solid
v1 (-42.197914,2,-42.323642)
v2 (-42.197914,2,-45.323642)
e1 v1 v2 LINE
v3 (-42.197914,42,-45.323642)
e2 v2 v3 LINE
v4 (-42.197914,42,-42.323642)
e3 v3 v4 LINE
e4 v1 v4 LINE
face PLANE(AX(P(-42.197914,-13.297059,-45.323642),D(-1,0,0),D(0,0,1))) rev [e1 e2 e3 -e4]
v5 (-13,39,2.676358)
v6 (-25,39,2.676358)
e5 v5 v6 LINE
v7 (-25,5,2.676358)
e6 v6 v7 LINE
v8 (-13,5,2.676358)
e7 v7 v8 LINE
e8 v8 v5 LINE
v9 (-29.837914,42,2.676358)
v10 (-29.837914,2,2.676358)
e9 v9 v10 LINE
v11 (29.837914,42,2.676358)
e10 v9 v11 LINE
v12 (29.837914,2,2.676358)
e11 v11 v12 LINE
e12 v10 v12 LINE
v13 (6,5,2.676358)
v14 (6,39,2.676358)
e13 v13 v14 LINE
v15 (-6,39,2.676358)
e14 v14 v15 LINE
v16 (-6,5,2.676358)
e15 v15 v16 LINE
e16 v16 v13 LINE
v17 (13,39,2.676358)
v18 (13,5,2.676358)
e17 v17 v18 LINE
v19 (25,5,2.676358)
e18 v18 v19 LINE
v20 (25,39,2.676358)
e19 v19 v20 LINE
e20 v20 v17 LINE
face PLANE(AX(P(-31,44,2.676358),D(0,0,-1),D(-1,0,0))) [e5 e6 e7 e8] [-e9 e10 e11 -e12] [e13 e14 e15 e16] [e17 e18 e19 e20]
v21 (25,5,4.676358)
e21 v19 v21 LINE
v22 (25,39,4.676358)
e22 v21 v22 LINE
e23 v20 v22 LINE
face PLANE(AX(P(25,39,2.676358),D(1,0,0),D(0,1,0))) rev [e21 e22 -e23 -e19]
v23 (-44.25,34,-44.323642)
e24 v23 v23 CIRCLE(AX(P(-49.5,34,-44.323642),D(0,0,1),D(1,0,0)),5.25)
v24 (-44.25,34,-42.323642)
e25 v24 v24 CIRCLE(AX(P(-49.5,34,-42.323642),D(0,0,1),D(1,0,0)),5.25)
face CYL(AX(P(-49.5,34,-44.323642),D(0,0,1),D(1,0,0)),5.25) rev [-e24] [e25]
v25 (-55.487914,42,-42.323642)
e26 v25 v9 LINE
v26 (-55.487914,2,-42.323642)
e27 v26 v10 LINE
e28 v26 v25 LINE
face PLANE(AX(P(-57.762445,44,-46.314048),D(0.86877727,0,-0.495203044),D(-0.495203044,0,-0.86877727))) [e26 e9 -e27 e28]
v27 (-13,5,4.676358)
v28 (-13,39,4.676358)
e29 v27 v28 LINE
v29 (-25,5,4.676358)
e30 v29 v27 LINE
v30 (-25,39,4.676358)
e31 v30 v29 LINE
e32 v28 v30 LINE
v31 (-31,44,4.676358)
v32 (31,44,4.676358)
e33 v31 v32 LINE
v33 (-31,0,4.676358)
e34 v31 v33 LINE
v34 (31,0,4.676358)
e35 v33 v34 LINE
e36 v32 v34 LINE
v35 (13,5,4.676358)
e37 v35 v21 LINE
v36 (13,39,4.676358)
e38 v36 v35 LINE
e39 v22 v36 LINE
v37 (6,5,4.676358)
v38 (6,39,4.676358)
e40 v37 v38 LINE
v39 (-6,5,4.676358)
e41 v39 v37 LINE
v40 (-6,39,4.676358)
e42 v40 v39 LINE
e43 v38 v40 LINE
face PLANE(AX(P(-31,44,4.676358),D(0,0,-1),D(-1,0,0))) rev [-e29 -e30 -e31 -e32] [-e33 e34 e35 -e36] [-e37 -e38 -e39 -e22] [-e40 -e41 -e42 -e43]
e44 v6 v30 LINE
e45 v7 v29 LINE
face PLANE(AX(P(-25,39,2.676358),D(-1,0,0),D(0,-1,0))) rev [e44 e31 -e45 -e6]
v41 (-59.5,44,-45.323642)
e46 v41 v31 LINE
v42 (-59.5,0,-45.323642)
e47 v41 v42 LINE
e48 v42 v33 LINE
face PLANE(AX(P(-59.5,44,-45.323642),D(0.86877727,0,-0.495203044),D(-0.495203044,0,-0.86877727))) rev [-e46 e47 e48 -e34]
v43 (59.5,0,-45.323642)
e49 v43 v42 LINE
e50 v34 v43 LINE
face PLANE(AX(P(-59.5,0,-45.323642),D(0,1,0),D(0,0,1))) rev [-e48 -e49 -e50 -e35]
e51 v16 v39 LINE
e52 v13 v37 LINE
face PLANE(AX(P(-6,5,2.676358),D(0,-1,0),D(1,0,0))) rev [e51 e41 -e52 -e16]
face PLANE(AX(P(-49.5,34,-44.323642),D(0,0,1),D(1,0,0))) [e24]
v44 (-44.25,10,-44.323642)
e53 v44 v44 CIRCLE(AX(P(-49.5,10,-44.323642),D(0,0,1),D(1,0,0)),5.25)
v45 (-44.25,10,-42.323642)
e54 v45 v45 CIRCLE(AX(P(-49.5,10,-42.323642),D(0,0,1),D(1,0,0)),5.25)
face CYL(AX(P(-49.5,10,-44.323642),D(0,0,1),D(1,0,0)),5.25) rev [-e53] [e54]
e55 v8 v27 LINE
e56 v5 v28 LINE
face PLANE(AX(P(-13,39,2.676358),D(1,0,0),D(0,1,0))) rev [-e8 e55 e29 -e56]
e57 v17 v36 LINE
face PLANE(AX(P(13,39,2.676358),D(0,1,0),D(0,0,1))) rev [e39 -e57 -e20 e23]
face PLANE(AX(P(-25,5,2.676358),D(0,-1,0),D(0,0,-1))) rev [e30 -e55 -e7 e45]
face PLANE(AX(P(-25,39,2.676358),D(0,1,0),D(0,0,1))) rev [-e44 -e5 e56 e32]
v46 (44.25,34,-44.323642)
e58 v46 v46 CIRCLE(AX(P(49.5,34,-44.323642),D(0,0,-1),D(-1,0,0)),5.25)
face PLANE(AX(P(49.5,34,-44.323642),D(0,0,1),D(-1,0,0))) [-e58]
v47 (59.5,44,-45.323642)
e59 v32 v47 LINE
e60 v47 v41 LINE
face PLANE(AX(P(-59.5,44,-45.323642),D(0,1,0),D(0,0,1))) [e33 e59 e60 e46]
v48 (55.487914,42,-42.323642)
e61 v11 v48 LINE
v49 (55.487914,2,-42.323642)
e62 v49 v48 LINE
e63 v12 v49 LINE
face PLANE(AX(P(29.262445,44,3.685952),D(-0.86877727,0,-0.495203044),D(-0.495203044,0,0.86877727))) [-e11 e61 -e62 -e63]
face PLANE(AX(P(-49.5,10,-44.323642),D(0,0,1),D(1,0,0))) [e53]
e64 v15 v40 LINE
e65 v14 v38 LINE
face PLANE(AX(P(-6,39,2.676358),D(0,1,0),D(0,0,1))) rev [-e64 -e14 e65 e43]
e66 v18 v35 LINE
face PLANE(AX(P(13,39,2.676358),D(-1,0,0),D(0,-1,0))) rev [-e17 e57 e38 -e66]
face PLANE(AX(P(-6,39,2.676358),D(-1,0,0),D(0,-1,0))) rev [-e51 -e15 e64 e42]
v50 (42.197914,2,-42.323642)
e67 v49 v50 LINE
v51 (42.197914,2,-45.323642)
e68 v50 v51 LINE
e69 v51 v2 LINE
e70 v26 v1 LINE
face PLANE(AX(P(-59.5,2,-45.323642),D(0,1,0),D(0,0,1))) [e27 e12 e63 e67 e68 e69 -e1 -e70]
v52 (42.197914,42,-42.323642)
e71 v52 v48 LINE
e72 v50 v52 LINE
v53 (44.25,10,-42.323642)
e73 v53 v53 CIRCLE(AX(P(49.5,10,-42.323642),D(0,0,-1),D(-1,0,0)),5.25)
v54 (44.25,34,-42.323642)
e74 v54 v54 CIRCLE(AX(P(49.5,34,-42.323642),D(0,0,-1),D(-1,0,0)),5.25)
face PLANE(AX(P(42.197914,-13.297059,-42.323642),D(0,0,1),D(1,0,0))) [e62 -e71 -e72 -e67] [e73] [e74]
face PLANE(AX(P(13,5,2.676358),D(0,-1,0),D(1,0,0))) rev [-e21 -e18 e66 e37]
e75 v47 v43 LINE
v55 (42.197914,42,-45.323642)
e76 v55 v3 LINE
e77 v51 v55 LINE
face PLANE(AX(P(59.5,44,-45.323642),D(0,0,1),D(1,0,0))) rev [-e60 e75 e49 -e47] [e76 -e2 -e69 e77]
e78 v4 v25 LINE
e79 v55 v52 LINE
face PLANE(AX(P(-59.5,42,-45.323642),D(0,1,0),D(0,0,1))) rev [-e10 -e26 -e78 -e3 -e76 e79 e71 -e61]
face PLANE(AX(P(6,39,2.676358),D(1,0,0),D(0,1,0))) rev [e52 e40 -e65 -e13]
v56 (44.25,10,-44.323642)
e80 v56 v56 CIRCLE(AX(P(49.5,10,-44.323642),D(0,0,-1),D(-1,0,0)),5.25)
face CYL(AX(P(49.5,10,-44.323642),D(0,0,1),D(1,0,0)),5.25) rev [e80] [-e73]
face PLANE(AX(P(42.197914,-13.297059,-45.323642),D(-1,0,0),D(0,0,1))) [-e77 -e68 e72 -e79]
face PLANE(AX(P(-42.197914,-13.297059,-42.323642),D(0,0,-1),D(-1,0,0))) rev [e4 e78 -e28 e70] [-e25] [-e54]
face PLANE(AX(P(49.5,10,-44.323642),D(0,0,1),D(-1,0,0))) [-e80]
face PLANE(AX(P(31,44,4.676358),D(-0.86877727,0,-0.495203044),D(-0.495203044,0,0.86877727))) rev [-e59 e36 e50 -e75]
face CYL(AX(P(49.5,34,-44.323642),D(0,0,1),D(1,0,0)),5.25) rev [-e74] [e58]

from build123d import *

# Parameters (mm, degrees)
EXTRUS_O1_DEPTH = 44
CASCA1_T        = -2
EXTRUS_O2_DEPTH = 40
ESBO_O6_R       = 5.25
EXTRUS_O3_DEPTH = 2
ESBO_O5_R       = 5.25
EXTRUS_O4_DEPTH = 2
ESBO_O7_W       = 12
ESBO_O7_H       = 34
EXTRUS_O5_DEPTH = 2


with BuildPart() as part:
    # Esboço1 → Extrusão1 (new body)
    with BuildSketch(Plane(origin=(0, 0, 0), x_dir=(1, 0, 0), z_dir=(0, 1, 0))):
        Polygon((-59.5, 45.323641576), (-31, -4.676358424), (31, -4.676358424), (59.5, 45.323641576), align=None)
    extrude(amount=EXTRUS_O1_DEPTH)

    # Casca1
    casca1_openings = [part.faces().sort_by_distance(p)[0] for p in [
        (0, 22, -45.323641576),
    ]]
    offset(amount=CASCA1_T, openings=casca1_openings, kind=Kind.INTERSECTION)

    # Esboço4 → Extrusão2 (add)
    with BuildSketch(Plane.XZ.offset(-42)):
        Polygon((-57.197913989, -45.323641576), (-42.197913989, -45.323641576), (-42.197913989, -42.323641576), (-55.487913989, -42.323641576), align=None)
    extrus_o2 = extrude(amount=EXTRUS_O2_DEPTH)

    # Espelhar1: Extrusão2 across plane
    add(extrus_o2.mirror(Plane(origin=(0, 0, 0), x_dir=(0, 0, 1), z_dir=(1, 0, 0))))

    # Esboço6 → Extrusão3 (cut)
    with BuildSketch(Plane.XY.offset(-42.323641576)):
        with Locations((-49.5, 10)):
            Circle(ESBO_O6_R)
    extrus_o3 = extrude(amount=-EXTRUS_O3_DEPTH, mode=Mode.SUBTRACT)

    # Esboço5 → Extrusão4 (cut)
    with BuildSketch(Plane.XY.offset(-42.323641576)):
        with Locations((-49.5, 34)):
            Circle(ESBO_O5_R)
    extrus_o4 = extrude(amount=-EXTRUS_O4_DEPTH, mode=Mode.SUBTRACT)

    # Espelhar2: Extrusão3, Extrusão4 across plane
    add(extrus_o3.mirror(Plane(origin=(0, 0, 0), x_dir=(0, 0, 1), z_dir=(1, 0, 0))), mode=Mode.SUBTRACT)
    add(extrus_o4.mirror(Plane(origin=(0, 0, 0), x_dir=(0, 0, 1), z_dir=(1, 0, 0))), mode=Mode.SUBTRACT)

    # Esboço7 → Extrusão5 (cut)
    with BuildSketch(Plane.XY.offset(4.676358424)):
        with Locations((0, 22)):
            Rectangle(ESBO_O7_W, ESBO_O7_H)
        with Locations((19, 22)):
            Rectangle(ESBO_O7_W, ESBO_O7_H)
        with Locations((-19, 22)):
            Rectangle(ESBO_O7_W, ESBO_O7_H)
    extrude(amount=-EXTRUS_O5_DEPTH, mode=Mode.SUBTRACT)


solid = part.part
